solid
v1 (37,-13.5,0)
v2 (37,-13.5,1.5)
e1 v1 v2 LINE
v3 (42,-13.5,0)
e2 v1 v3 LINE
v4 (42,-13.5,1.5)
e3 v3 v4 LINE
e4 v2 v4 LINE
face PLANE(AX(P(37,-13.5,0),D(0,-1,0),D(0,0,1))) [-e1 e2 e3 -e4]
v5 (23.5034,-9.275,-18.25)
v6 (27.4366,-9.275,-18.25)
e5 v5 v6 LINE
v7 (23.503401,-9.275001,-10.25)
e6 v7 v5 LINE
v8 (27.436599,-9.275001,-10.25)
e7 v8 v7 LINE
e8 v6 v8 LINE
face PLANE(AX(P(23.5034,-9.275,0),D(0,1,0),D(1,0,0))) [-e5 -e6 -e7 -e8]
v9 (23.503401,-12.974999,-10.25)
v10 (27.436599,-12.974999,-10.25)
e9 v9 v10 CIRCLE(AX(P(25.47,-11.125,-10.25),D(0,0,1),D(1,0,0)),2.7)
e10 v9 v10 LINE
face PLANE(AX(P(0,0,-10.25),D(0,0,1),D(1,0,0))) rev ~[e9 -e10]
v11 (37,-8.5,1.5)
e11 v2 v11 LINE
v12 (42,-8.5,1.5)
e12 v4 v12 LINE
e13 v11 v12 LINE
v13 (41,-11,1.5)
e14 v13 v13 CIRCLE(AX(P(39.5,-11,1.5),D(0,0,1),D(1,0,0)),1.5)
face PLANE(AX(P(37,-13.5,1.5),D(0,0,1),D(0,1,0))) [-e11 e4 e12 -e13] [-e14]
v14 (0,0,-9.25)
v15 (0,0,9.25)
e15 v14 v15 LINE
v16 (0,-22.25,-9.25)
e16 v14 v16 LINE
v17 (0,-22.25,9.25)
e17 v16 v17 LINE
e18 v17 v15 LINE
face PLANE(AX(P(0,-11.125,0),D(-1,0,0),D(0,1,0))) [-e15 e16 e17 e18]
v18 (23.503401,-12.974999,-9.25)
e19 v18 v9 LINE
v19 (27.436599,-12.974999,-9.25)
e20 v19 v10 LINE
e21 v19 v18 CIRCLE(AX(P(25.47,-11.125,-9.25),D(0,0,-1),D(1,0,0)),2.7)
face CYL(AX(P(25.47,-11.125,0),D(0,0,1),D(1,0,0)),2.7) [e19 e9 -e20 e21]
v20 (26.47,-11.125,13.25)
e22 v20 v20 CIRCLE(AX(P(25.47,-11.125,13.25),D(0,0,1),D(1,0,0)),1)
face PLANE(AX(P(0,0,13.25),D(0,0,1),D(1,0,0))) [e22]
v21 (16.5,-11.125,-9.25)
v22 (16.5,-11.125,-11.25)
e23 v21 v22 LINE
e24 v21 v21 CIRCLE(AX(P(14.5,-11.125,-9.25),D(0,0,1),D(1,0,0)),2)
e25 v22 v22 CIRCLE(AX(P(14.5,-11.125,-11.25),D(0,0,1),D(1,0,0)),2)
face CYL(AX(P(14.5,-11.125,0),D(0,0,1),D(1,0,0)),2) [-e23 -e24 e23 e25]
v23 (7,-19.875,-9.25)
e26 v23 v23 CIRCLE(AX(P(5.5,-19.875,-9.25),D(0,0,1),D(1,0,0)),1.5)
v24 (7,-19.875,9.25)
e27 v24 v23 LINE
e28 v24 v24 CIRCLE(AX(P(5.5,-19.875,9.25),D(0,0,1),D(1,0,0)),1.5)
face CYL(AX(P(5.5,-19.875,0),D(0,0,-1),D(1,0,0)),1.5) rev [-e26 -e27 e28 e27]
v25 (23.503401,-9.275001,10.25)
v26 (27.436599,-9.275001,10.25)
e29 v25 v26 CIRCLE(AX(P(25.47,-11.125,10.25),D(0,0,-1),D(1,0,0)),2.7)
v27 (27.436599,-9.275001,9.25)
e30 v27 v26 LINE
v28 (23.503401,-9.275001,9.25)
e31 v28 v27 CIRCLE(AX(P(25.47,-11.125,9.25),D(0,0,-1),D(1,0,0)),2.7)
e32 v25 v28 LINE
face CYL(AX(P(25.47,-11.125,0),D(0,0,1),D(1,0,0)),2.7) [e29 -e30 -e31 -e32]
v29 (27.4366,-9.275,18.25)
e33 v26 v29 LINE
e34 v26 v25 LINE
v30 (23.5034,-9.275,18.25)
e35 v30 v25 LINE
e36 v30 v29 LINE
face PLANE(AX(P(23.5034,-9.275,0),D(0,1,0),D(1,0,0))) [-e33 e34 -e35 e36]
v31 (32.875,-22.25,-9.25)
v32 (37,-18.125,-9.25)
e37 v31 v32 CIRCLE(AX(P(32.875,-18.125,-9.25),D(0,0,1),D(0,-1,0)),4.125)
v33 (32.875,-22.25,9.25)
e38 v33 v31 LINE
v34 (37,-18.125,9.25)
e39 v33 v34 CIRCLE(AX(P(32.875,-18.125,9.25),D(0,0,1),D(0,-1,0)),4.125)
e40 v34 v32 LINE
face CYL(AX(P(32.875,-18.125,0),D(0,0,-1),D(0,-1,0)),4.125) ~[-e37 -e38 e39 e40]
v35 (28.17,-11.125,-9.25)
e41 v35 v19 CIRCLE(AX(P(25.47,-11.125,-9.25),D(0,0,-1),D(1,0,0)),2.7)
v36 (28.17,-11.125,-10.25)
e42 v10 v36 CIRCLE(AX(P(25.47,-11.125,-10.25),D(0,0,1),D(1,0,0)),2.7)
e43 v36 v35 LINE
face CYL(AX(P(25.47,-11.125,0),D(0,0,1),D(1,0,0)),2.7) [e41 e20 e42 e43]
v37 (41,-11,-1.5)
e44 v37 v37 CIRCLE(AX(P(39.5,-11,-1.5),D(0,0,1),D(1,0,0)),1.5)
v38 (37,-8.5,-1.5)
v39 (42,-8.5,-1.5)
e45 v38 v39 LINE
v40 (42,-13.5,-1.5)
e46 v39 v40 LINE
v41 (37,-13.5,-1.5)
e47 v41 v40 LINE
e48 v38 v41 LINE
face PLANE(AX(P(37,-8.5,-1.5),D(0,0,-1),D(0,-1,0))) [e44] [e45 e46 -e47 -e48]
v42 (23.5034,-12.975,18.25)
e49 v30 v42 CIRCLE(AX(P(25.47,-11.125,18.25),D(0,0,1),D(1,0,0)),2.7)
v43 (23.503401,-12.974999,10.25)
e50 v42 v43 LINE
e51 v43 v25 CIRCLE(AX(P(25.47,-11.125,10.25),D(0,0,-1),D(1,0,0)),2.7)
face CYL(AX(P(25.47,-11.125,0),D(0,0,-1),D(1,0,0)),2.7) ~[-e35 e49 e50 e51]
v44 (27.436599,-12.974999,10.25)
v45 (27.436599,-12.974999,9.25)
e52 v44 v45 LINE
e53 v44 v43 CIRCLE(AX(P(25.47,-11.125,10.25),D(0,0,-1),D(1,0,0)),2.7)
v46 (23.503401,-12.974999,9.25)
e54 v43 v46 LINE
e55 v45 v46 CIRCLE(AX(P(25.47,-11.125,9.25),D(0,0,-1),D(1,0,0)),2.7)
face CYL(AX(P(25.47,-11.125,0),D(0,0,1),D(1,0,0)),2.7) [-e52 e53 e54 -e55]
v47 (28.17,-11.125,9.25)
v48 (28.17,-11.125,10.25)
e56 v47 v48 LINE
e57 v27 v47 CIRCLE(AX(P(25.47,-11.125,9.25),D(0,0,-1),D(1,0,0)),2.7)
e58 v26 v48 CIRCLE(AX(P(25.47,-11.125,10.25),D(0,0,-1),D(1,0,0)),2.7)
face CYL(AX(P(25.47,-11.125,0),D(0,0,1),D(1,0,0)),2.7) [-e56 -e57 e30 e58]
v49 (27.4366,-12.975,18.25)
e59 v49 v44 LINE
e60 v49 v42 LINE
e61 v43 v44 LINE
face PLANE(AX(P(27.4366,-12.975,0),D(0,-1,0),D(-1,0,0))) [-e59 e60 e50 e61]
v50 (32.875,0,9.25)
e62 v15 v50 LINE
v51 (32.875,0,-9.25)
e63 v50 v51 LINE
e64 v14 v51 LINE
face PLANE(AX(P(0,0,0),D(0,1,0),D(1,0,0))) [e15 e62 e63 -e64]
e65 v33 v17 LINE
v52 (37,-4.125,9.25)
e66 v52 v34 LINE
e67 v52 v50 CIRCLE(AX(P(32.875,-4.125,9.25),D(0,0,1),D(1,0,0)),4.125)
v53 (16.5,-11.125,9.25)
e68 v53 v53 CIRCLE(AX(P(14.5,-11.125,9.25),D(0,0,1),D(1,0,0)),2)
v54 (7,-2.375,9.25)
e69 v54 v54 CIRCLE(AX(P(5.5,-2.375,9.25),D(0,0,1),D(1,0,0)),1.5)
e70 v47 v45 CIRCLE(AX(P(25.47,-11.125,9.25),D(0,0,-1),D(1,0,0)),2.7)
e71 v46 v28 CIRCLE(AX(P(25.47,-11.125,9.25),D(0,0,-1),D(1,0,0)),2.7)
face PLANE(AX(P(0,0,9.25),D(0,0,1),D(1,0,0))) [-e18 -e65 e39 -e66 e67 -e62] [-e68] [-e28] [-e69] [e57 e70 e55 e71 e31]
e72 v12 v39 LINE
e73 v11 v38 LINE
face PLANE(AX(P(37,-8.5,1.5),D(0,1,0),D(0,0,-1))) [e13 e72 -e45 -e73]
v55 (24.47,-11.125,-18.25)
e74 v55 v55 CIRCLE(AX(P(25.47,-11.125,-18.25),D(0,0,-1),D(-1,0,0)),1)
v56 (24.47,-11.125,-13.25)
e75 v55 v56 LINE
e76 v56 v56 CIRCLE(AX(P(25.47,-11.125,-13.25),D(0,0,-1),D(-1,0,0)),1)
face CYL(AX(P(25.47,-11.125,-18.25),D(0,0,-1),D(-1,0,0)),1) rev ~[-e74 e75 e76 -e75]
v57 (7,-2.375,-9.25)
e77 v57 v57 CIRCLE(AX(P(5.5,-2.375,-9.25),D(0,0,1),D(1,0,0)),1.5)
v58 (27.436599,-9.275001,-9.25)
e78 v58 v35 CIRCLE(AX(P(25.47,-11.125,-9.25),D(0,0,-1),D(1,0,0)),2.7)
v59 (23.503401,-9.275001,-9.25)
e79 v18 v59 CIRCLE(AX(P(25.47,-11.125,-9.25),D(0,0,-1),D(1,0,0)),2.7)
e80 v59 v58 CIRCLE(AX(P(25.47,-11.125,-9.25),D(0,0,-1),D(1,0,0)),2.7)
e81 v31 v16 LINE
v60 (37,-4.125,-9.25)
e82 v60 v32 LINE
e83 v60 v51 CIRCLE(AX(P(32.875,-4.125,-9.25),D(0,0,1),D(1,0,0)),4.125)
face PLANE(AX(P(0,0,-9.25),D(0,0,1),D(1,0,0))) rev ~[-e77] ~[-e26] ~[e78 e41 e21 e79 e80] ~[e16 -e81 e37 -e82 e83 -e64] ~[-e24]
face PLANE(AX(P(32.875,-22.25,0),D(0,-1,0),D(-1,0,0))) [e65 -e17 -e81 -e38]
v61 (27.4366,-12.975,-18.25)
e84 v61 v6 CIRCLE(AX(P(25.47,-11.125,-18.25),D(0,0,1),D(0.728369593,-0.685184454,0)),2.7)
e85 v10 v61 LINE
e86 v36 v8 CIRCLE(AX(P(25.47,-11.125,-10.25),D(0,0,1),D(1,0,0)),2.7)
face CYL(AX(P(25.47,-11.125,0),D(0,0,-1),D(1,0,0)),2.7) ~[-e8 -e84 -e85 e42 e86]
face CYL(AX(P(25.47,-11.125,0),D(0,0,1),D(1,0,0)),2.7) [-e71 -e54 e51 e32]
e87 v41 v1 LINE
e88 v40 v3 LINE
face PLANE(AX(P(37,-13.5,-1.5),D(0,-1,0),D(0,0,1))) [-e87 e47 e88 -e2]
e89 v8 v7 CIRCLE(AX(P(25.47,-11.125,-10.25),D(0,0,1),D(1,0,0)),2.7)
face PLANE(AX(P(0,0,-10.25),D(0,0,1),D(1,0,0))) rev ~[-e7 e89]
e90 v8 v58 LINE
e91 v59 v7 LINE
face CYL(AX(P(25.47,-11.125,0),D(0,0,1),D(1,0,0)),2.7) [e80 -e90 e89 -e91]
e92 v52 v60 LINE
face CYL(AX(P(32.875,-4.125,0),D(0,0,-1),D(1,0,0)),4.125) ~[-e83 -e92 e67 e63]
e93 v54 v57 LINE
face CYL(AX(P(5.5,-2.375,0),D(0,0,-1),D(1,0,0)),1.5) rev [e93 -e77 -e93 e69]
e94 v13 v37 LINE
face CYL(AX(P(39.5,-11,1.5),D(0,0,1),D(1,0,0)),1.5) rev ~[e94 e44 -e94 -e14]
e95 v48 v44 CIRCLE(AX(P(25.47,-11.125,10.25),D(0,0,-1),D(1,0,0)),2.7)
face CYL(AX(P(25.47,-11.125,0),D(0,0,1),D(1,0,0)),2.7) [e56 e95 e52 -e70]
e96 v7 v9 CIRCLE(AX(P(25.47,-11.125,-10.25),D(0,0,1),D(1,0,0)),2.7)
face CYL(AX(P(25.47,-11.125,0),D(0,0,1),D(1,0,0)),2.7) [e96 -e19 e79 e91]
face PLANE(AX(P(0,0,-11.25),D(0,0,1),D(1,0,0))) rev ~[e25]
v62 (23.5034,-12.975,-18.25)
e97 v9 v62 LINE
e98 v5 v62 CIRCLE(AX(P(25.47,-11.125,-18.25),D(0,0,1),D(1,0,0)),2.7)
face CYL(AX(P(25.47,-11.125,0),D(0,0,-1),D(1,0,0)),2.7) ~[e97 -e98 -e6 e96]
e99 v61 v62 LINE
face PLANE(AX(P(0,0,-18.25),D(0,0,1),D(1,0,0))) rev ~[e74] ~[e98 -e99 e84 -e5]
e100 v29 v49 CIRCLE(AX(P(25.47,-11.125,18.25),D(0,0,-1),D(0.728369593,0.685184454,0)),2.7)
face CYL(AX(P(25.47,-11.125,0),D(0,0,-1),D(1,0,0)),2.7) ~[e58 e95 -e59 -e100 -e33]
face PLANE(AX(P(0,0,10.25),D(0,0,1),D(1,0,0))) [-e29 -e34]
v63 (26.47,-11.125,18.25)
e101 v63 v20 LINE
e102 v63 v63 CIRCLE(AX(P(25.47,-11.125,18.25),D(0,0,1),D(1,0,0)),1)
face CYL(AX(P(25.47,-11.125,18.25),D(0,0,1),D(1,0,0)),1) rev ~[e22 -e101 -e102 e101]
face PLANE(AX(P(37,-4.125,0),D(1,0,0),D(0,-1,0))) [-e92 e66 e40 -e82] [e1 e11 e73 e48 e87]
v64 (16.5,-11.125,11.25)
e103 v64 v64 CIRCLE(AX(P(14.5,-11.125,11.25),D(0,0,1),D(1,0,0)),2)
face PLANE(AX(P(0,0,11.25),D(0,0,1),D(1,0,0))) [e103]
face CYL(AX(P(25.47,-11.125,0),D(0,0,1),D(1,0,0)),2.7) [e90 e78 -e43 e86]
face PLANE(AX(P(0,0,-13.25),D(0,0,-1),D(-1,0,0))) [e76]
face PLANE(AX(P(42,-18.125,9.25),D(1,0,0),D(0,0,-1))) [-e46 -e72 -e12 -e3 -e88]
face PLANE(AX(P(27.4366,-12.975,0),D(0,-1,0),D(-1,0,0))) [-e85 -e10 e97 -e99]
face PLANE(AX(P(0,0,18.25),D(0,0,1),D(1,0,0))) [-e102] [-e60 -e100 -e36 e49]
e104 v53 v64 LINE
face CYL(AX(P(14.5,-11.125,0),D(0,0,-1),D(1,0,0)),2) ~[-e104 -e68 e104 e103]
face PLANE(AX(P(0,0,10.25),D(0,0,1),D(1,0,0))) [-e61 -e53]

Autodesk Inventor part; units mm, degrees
ref_plane "YZ Plane" through (0, 0, 0) normal (1, 0, 0) x (0, 1, 0)
ref_plane "XZ Plane" through (0, 0, 0) normal (0, 1, 0) x (-1, 0, 0)
ref_plane "XY Plane" through (0, 0, 0) normal (0, 0, 1) x (1, 0, 0)
sketch "Sketch1" plane through (0, 0, 0) normal (0, 0, 1) x (1, 0, 0)
  line L0 (0, 0) -> (32.875, 0)
  line L1 (37, 0) -> (37, -4.125)
  line L2 (37, -22.25) -> (0, -22.25)
  line L3 (0, -22.25) -> (0, -11.125)
  line L4 (0, -11.125) -> (37, -11.125) construction
  line L5 (0, -11.125) -> (0, 0)
  circle A0 centre (14.5, -11.125) radius 2
  circle A1 centre (5.5, -2.375) radius 1.5
  arc A2 (37, -4.125) -> (32.875, 0) centre (32.875, -4.125) ccw
  line L6 (32.875, 0) -> (37, 0)
  line L7 (37, -4.125) -> (37, -22.25)
  arc A3 (32.875, -22.25) -> (37, -18.125) centre (32.875, -18.125) ccw
  circle A4 centre (5.5, -19.875) radius 1.5
  circle A5 centre (25.47, -11.125) radius 2.7
  line L8 (23.5034, -9.275) -> (27.4366, -9.275)
  line L9 (27.4366, -12.975) -> (23.5034, -12.975)
  point P0 (36.5, -18.125)
  point P1 (36.9, -18.125)
  dimension "d6" = 4
  dimension "d8" = 3
  dimension "d11" = 5.5
  dimension "d12" = 22.25
  dimension "d13" = 8.75
  dimension "d16" = 14.5
  dimension "d17" = 14
  dimension "d18" = 37
  dimension "d19" = 3.7
  dimension "d28" = 5.4
  dimension "d29" = 11.53
extrude "Extrusion1" add sketch "Sketch1" along normal mid plane 18.5 contours L0 A2 L7 A3 L2 L3 L5
extrude "Extrusion2" add sketch "Sketch1" along normal mid plane 22.5 contours A0
extrude "Extrusion3" add sketch "Sketch1" along normal mid plane 20.5 contours A5 L9 L8 | L8 A5 | A5 L9
extrude "Extrusion4" add sketch "Sketch1" along normal mid plane 36.5 contours A5 L9 L8
sketch "Sketch2" plane through (0, -22.25, 9.25) normal (-1, 0, 0) x (0, 0, 1)
  point P0 (-9.25, 22.25)
sketch "Sketch3" plane through (0, 0, -18.25) normal (0, 0, -1) x (-1, 0, 0)
  circle A0 centre (-25.47, -11.125) radius 1
  arc A1 (-23.5034, -12.975) -> (-23.5034, -9.275) centre (-25.47, -11.125) ccw projected
  point P0 (0, 0)
  dimension "d30" = 2
extrude "Extrusion5" cut sketch "Sketch3" against normal blind 5
sketch "Sketch4" plane through (0, 0, 18.25) normal (0, 0, 1) x (1, 0, 0)
  circle A0 centre (25.47, -11.125) radius 1
  arc A1 (27.4366, -12.975) -> (27.4366, -9.275) centre (25.47, -11.125) ccw projected
  point P0 (0, 0)
  dimension "d33" = 2
extrude "Extrusion6" cut sketch "Sketch4" against normal blind 5
sketch "Sketch5" plane through (37, -18.125, 9.25) normal (1, 0, 0) x (0, 0, -1)
  line L0 (9.25, 18.125) -> (9.25, 0) construction
  line L1 (18.5, 0) -> (0, 0) projected
  line L2 (7.75, 9.625) -> (10.75, 9.625)
  line L3 (10.75, 9.625) -> (10.75, 4.625)
  line L4 (10.75, 4.625) -> (9.25, 4.625)
  line L5 (7.75, 4.625) -> (7.75, 9.625)
  line L6 (9.25, 4.625) -> (7.75, 4.625)
  dimension "d36" = 3
  dimension "d37" = 5
  dimension "d38" = 8.5
extrude "Extrusion7" add sketch "Sketch5" along normal blind 5
sketch "Sketch6" plane through (37, -13.5, 1.5) normal (0, 0, 1) x (1, 0, 0)
  circle A0 centre (2.5, 2.5) radius 1.5
  line L0 (5, 0) -> (5, 2.5) construction
  line L1 (5, 5) -> (5, 0) construction
  line L2 (5, 0) -> (5, 5) construction
  line L3 (5, 2.5) -> (0, 2.5) construction
  line L4 (5, 2.5) -> (5, 5) construction
  line L5 (5, 5) -> (5, 0) construction
  line L6 (0, 5) -> (5, 5) construction
  line L7 (2.5, 5) -> (2.5, 0) construction
  line L8 (0, 0) -> (5, 0) projected
  line L9 (0, 5) -> (0, 0) construction
  line L10 (0, 5) -> (0, 2.5) construction
  point P0 (-37, 13.5)
  point P1 (2.5, 2.5)
  dimension "d41" = 3
extrude "Extrusion8" cut sketch "Sketch6" against normal blind 5
ref_plane "Work Plane1" through (0, 0, 0) normal (0, 0, 1) x (1, 0, 0)
ref_plane "Work Plane2" through (0, -11.125, 9.25) normal (0, -1, 0) x (1, 0, 0)
properties part number "TT motor output"
